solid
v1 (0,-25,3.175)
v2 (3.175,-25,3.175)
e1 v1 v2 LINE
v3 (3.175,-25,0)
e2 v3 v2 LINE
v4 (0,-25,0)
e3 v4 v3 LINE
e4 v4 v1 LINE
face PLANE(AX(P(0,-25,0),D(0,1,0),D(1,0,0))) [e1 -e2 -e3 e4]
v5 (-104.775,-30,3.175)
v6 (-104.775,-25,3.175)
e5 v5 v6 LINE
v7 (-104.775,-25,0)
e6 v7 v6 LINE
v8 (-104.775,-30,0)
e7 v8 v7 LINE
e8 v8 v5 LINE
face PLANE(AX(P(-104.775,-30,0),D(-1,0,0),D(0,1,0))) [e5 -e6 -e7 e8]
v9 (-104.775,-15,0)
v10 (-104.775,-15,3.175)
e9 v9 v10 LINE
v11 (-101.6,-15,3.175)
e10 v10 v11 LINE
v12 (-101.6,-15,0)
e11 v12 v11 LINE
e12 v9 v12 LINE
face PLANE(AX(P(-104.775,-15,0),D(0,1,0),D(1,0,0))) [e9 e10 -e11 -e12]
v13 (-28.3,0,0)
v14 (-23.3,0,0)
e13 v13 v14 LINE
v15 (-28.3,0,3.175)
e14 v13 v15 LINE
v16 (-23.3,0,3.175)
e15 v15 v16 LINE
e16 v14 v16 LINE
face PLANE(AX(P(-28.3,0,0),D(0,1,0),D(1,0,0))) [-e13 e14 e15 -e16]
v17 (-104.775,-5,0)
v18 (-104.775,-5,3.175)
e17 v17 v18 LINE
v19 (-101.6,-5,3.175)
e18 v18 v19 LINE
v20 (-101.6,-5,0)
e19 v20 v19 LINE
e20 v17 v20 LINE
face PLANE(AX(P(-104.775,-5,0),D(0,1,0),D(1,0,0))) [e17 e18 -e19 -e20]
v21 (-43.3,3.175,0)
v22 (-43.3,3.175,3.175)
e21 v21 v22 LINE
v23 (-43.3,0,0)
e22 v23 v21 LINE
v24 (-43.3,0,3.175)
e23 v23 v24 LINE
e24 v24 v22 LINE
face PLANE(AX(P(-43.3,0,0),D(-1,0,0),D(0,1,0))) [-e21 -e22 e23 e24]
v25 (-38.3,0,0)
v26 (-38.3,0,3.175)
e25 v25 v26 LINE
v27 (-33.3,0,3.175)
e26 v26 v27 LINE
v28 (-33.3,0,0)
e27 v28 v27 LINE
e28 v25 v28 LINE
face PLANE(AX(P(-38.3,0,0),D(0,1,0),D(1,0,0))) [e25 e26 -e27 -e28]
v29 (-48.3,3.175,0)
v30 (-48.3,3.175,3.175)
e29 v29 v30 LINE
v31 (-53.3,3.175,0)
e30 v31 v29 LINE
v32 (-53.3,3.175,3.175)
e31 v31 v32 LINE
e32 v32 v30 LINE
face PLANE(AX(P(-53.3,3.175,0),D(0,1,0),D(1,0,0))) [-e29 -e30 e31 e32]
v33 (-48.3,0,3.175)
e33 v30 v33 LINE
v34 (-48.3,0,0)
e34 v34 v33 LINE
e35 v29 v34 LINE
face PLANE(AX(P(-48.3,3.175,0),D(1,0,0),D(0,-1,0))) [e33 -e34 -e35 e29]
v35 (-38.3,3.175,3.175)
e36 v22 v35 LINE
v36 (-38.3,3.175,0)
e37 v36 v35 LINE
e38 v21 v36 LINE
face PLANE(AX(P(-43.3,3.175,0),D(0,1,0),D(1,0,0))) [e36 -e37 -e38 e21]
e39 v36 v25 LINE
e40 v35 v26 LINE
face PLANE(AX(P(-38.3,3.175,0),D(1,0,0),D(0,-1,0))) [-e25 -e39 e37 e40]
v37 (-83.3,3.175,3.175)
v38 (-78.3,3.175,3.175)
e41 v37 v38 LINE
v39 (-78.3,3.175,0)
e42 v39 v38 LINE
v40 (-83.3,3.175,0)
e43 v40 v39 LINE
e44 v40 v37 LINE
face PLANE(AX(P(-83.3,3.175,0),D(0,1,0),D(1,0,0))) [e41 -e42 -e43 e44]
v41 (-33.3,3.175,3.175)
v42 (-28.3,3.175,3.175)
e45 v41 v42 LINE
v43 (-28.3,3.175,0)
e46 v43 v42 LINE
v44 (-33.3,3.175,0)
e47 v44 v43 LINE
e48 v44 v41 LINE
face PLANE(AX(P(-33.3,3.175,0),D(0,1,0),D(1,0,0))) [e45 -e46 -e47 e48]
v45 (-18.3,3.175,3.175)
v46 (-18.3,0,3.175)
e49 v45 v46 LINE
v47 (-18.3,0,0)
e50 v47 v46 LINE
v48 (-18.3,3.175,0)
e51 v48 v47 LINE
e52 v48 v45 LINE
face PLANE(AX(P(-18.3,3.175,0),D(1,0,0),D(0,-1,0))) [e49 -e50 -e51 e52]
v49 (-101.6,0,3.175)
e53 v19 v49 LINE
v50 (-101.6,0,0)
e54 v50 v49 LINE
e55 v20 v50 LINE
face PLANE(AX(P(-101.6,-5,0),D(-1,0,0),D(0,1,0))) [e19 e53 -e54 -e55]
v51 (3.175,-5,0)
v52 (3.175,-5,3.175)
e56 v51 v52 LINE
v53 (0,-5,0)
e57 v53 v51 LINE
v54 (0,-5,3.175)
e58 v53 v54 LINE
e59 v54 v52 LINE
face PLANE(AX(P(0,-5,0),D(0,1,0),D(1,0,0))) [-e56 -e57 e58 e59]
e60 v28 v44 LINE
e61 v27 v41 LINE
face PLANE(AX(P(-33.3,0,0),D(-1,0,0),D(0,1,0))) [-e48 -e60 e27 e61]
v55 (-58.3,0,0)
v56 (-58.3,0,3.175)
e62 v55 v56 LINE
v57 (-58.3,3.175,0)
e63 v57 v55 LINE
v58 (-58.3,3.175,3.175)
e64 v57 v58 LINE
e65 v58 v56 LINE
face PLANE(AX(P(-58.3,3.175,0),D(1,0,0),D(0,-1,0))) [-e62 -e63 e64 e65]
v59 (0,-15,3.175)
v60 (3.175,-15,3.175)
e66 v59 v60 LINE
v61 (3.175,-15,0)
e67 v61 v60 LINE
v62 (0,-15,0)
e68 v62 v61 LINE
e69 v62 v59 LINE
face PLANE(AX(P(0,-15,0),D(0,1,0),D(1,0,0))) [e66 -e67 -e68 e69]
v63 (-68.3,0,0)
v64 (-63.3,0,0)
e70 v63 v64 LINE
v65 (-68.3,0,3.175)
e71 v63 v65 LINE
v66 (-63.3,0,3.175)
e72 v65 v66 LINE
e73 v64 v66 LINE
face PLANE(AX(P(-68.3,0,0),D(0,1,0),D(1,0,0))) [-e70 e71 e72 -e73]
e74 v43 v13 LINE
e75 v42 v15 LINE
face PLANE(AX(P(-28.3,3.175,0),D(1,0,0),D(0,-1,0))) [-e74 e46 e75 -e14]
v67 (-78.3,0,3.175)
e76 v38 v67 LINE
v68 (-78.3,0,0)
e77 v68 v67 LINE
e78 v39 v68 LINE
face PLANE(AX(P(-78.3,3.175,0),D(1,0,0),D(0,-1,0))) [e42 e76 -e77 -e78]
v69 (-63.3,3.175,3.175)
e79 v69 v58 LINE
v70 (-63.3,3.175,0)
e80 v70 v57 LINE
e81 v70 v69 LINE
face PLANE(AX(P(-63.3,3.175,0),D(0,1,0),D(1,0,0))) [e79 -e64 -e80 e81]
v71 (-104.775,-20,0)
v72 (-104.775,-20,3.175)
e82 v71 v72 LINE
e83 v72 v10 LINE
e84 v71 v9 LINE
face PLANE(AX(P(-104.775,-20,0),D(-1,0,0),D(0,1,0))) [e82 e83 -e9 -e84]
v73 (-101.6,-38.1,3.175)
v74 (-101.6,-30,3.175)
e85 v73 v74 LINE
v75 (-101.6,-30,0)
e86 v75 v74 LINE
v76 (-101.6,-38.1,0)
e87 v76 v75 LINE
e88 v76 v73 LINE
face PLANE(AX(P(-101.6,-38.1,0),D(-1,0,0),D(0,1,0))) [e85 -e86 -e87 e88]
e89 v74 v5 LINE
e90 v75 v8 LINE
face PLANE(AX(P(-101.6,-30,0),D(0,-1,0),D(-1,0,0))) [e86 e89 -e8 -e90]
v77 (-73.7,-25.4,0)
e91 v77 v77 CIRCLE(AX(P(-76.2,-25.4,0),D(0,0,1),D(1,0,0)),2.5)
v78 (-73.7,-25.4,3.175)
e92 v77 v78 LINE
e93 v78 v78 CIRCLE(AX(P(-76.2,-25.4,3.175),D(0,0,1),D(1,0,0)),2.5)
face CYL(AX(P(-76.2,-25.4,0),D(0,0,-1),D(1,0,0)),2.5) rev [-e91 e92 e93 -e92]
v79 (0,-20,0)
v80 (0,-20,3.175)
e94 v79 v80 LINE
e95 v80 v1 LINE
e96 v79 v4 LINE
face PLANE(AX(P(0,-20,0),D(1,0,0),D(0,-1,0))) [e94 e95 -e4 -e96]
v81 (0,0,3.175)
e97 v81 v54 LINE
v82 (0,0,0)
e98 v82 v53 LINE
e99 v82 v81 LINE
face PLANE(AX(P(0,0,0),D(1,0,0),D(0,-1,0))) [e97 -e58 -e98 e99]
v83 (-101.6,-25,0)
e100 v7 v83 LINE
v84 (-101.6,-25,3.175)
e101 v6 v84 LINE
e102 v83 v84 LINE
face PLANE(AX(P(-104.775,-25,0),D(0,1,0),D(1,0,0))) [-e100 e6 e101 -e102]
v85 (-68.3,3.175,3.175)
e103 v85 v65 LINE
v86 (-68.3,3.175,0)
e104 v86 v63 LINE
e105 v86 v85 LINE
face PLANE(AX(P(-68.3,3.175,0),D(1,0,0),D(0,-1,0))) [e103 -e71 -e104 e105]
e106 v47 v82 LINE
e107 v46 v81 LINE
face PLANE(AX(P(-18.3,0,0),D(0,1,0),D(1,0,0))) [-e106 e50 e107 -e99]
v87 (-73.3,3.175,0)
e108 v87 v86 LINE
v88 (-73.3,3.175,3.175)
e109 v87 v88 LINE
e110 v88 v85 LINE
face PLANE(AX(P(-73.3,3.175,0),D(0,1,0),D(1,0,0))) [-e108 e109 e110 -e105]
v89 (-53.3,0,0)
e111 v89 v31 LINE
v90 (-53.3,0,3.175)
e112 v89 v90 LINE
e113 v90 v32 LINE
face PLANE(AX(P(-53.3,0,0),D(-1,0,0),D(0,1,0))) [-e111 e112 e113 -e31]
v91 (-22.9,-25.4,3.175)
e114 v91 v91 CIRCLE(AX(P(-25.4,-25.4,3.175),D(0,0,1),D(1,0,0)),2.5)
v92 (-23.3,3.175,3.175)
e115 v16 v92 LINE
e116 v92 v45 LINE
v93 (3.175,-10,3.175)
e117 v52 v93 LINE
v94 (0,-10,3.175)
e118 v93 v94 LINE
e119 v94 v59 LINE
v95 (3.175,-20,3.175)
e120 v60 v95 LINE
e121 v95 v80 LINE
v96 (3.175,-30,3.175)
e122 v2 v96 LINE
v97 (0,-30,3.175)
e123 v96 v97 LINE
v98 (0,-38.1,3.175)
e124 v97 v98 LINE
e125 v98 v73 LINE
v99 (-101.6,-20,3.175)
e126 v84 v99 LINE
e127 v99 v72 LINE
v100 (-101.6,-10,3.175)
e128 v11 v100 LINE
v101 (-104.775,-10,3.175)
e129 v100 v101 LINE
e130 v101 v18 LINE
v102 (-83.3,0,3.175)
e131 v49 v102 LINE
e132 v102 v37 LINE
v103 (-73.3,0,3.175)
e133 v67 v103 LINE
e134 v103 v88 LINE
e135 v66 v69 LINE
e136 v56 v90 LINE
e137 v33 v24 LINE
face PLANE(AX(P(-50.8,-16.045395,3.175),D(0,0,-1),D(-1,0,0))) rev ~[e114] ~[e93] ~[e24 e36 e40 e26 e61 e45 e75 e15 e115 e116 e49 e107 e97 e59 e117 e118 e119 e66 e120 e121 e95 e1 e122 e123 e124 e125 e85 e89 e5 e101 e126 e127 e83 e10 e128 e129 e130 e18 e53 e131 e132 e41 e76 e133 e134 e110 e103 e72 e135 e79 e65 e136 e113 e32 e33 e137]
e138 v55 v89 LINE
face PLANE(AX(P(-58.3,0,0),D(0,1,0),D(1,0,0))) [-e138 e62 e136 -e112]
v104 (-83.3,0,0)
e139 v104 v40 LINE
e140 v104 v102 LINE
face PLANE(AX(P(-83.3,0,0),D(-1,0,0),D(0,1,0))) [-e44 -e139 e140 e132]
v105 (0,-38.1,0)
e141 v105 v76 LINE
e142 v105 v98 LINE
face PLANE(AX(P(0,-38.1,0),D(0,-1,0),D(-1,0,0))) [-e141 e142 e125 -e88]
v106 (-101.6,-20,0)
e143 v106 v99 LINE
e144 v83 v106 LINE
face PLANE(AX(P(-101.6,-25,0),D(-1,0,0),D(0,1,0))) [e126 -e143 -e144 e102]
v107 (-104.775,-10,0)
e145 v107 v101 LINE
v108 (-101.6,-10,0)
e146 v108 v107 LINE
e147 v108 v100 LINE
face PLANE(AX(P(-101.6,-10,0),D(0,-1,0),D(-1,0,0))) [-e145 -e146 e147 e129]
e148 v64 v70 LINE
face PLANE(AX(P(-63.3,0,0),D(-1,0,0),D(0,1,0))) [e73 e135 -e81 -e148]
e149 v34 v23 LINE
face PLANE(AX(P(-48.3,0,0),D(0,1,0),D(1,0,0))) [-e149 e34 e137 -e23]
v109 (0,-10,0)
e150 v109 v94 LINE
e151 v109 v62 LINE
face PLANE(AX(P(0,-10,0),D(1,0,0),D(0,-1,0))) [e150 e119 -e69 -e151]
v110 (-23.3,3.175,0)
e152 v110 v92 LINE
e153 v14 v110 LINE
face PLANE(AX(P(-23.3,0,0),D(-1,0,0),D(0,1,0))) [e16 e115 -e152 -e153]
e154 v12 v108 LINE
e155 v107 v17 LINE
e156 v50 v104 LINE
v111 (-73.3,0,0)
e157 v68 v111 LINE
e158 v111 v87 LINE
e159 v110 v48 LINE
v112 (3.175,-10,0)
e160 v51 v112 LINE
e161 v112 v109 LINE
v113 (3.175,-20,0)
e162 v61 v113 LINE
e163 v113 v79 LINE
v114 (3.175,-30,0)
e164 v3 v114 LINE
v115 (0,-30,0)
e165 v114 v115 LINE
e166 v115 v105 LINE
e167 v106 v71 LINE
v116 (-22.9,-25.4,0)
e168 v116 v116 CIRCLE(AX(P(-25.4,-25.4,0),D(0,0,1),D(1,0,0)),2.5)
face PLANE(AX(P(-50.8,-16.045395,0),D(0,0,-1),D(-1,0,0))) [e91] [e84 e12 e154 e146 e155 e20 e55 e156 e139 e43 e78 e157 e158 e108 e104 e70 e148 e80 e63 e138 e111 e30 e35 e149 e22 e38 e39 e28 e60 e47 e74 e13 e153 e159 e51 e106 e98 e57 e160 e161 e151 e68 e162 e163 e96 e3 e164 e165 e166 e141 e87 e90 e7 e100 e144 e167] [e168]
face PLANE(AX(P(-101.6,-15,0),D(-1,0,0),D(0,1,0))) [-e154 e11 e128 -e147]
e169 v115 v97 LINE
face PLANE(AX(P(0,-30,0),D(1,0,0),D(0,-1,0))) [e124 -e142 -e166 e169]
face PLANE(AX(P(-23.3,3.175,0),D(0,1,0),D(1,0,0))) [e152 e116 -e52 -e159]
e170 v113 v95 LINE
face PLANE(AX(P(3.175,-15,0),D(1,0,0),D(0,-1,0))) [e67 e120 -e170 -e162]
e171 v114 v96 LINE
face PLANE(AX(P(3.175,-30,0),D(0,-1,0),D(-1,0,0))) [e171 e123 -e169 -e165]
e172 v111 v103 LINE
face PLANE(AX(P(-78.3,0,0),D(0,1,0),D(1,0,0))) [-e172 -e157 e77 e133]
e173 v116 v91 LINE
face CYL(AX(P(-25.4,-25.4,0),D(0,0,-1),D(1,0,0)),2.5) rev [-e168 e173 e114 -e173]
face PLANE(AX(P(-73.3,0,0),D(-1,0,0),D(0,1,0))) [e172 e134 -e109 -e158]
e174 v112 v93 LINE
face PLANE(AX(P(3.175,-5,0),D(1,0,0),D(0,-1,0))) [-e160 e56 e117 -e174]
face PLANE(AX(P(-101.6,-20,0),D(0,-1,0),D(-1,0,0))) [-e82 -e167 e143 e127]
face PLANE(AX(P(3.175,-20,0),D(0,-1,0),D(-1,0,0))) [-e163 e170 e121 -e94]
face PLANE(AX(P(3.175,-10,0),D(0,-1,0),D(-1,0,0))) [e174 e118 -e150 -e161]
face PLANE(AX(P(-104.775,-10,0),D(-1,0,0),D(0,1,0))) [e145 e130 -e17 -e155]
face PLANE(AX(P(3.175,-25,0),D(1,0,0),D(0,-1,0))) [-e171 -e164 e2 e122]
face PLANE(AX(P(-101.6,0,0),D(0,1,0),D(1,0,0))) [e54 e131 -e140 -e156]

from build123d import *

# Parameters (mm, degrees)
SKETCH1_R           = 2.5
BOSS_EXTRUDE1_DEPTH = 3.175


with BuildPart() as part:
    # Sketch1 → Boss-Extrude1 (new body)
    with BuildSketch(Plane.XY):
        Polygon((-101.6, 0), (-83.3, 0), (-83.3, 3.175), (-78.3, 3.175), (-78.3, 0), (-73.3, 0), (-73.3, 3.175), (-68.3, 3.175), (-68.3, 0), (-63.3, 0), (-63.3, 3.175), (-58.3, 3.175), (-58.3, 0), (-53.3, 0), (-53.3, 3.175), (-48.3, 3.175), (-48.3, 0), (-43.3, 0), (-43.3, 3.175), (-38.3, 3.175), (-38.3, 0), (-33.3, 0), (-33.3, 3.175), (-28.3, 3.175), (-28.3, 0), (-23.3, 0), (-23.3, 3.175), (-18.3, 3.175), (-18.3, 0), (0, 0), (0, -5), (3.175, -5), (3.175, -10), (0, -10), (0, -15), (3.175, -15), (3.175, -20), (0, -20), (0, -25), (3.175, -25), (3.175, -30), (0, -30), (0, -38.1), (-101.6, -38.1), (-101.6, -30), (-104.775, -30), (-104.775, -25), (-101.6, -25), (-101.6, -20), (-104.775, -20), (-104.775, -15), (-101.6, -15), (-101.6, -10), (-104.775, -10), (-104.775, -5), (-101.6, -5), align=None)
        with Locations((-76.2, -25.4)):
            Circle(SKETCH1_R, mode=Mode.SUBTRACT)
        with Locations((-25.4, -25.4)):
            Circle(SKETCH1_R, mode=Mode.SUBTRACT)
    extrude(amount=BOSS_EXTRUDE1_DEPTH)


solid = part.part
